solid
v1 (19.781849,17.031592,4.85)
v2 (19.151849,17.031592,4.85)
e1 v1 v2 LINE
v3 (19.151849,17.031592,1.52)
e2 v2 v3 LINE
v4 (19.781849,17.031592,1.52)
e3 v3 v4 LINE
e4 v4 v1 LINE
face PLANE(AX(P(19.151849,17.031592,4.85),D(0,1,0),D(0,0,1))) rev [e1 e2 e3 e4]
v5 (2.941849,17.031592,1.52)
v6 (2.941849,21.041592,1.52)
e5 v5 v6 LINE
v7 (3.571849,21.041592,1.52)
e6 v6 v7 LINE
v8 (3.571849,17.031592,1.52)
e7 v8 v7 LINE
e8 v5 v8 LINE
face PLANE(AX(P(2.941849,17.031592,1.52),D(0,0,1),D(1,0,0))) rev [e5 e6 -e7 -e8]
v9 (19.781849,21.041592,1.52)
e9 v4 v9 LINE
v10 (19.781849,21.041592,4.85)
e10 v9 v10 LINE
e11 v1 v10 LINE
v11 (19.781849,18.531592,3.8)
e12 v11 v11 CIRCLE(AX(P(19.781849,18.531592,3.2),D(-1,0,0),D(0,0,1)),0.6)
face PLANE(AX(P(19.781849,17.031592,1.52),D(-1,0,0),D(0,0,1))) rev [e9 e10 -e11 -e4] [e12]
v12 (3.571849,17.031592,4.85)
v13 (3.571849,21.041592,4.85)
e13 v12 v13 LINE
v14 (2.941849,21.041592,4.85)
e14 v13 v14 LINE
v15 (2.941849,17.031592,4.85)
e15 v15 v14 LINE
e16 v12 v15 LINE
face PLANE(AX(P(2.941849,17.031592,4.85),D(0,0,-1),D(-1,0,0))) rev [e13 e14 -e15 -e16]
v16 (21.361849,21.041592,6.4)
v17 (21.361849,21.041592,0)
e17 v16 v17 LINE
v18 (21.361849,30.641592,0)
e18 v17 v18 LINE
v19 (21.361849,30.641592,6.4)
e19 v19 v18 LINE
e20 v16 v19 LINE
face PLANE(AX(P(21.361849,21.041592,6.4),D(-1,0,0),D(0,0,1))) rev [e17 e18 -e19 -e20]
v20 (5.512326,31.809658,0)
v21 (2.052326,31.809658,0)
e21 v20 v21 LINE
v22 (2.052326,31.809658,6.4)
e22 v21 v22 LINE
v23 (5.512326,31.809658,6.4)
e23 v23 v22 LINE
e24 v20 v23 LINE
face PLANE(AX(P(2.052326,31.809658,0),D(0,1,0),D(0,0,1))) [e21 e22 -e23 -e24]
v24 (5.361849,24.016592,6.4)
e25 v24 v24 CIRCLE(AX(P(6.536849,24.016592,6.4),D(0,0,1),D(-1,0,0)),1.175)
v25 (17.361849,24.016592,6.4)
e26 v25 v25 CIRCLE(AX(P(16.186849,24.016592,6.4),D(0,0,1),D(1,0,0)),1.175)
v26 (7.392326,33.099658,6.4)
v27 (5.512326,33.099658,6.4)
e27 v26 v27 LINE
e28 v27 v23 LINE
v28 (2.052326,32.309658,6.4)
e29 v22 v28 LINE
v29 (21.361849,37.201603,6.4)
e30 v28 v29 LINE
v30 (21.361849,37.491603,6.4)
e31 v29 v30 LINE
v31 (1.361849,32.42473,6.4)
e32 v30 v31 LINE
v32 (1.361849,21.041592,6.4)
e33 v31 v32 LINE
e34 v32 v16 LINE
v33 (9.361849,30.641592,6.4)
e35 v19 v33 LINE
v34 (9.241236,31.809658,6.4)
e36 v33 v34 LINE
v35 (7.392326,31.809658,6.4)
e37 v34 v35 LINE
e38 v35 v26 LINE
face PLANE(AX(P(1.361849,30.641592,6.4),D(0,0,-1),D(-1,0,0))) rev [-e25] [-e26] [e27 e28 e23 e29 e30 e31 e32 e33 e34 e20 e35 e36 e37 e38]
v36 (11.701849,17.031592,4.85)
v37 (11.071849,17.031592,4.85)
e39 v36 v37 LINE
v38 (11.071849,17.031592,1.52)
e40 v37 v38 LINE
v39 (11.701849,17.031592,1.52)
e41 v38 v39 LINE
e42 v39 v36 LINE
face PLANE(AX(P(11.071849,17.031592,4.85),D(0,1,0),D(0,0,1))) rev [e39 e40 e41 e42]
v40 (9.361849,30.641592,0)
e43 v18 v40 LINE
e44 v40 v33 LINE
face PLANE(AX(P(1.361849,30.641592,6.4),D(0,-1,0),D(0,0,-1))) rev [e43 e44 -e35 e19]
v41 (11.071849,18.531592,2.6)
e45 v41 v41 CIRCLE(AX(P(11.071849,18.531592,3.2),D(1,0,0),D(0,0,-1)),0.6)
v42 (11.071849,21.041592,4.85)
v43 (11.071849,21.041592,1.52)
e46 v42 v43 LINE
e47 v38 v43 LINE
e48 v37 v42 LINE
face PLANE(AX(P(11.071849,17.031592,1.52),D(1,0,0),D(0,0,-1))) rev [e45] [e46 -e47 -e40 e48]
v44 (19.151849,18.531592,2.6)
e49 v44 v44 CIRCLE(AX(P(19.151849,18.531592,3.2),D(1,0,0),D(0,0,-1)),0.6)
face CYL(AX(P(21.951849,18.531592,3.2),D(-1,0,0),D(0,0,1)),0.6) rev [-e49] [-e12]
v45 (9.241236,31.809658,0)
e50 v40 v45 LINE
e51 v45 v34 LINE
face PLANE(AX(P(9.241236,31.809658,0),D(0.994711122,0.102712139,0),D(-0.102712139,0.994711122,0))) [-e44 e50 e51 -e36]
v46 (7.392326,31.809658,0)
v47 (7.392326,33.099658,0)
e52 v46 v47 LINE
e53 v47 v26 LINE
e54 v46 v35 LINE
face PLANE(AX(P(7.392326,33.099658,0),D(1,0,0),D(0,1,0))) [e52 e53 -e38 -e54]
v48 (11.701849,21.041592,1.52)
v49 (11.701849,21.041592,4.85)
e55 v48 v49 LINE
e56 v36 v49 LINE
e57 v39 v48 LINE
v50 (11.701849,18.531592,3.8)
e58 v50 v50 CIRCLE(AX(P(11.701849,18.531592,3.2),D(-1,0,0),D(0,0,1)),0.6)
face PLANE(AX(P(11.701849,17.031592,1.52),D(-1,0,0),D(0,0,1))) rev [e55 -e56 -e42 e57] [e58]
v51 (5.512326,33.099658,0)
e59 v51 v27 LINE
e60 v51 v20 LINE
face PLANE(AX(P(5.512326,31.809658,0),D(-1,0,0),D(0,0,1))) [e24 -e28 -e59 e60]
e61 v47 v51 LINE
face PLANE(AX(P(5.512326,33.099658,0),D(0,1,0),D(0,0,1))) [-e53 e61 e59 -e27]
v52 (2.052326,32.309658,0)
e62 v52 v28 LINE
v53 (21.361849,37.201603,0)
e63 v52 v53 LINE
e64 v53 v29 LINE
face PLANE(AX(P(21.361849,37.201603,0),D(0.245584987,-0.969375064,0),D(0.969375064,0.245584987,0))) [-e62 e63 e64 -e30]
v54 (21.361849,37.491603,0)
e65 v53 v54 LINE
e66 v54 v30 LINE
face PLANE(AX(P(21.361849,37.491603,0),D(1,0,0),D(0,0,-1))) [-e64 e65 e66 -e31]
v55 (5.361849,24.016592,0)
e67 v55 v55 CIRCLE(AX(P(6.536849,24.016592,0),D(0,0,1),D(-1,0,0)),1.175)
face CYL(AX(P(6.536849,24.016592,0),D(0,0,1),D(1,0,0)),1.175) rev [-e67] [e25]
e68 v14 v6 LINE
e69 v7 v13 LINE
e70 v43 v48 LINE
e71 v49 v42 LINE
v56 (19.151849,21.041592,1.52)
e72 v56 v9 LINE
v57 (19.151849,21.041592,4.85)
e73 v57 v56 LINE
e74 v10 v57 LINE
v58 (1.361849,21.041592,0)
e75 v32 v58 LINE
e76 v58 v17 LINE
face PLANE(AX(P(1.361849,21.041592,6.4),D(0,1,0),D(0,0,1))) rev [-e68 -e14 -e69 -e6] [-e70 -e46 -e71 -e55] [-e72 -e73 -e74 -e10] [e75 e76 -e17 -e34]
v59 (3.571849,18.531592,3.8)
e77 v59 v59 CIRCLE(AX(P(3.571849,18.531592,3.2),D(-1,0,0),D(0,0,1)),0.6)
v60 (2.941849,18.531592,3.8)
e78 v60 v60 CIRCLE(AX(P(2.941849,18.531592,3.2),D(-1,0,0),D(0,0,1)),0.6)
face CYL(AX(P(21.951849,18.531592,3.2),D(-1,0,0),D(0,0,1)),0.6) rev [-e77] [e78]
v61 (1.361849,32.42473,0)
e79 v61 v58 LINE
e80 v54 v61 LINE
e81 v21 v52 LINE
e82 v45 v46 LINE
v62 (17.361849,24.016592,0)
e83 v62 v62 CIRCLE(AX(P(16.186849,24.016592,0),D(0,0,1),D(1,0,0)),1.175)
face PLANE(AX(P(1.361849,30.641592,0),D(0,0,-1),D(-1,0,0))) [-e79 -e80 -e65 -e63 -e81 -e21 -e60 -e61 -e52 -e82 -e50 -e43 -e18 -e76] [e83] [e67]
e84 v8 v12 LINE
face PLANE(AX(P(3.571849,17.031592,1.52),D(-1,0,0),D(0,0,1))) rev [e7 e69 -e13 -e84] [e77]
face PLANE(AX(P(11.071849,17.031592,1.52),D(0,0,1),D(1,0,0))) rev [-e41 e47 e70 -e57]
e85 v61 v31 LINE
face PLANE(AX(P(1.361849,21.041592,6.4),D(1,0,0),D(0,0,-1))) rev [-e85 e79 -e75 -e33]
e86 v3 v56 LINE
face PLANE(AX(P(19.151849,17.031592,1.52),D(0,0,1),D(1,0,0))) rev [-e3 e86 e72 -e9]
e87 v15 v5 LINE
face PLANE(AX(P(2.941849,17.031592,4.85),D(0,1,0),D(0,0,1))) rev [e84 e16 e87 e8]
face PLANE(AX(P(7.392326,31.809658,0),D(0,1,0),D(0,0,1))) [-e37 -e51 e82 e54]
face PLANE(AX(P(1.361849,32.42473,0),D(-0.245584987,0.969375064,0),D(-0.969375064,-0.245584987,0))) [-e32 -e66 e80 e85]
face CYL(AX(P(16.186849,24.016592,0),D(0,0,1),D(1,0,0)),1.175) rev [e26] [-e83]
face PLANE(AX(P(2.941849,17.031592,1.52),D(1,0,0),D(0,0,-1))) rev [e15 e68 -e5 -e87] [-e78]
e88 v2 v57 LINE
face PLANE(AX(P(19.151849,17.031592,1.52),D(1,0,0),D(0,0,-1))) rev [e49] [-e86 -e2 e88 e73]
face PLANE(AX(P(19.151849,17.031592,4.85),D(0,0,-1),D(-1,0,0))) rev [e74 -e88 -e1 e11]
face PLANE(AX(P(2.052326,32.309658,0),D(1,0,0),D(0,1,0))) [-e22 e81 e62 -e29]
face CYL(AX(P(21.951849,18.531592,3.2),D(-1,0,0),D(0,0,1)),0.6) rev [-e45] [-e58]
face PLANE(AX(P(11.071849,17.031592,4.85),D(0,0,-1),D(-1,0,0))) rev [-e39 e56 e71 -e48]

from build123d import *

# Parameters (mm, degrees)
ESQUISSE1_W             = 20
ESQUISSE1_H             = 9.6
BOSS_EXTRU_1_DEPTH      = 6.4
ESQUISSE2_R             = 1.175
ENL_V_MAT_EXTRU_1_DEPTH = 6.4
BOSS_EXTRU_66_DEPTH     = 6.4
ESQUISSE5_W             = 0.63
ESQUISSE5_H             = 3.33
BOSS_EXTRU_67_DEPTH     = 4.01
ESQUISSE6_R             = 0.6
ENL_V_MAT_EXTRU_2_DEPTH = 19.01


with BuildPart() as part:
    # Esquisse1 → Boss.-Extru.1 (new body)
    with BuildSketch(Plane.XY):
        with Locations((11.361848554, 25.841592458)):
            Rectangle(ESQUISSE1_W, ESQUISSE1_H)
    extrude(amount=BOSS_EXTRU_1_DEPTH)

    # Esquisse2 → Enlèv. mat.-Extru.1 (cut)
    with BuildSketch(Plane.XY.offset(6.4)):
        with Locations((16.186848554, 24.016592458)):
            Circle(ESQUISSE2_R)
        with Locations((6.536848554, 24.016592458)):
            Circle(ESQUISSE2_R)
    extrude(amount=-ENL_V_MAT_EXTRU_1_DEPTH, mode=Mode.SUBTRACT)

    # Esquisse4 → Boss.-Extru.66 (add)
    with BuildSketch(Plane.XY.offset(6.4)):
        Polygon((1.361848554, 32.424730159), (1.361848554, 30.641592458), (9.361848554, 30.641592458), (9.24123613, 31.809658088), (7.392325504, 31.809658088), (7.392325504, 33.099658088), (5.512325504, 33.099658088), (5.512325504, 31.809658088), (2.052325504, 31.809658088), (2.052325504, 32.309658088), (21.361848554, 37.201602535), (21.361848554, 37.491602535), align=None)
    extrude(amount=-BOSS_EXTRU_66_DEPTH)

    # Esquisse5 → Boss.-Extru.67 (add)
    with BuildSketch(Plane.XZ.offset(-21.041592458)):
        with Locations((3.256848554, 3.185)):
            Rectangle(ESQUISSE5_W, ESQUISSE5_H)
        with Locations((11.386848554, 3.185)):
            Rectangle(ESQUISSE5_W, ESQUISSE5_H)
        with Locations((19.466848554, 3.185)):
            Rectangle(ESQUISSE5_W, ESQUISSE5_H)
    extrude(amount=BOSS_EXTRU_67_DEPTH)

    # Esquisse6 → Enlèv. mat.-Extru.2 (cut)
    with BuildSketch(Plane.ZY.offset(-2.941848554)):
        with Locations((3.2, 18.531592458)):
            Circle(ESQUISSE6_R)
    extrude(amount=-ENL_V_MAT_EXTRU_2_DEPTH, mode=Mode.SUBTRACT)


solid = part.part
